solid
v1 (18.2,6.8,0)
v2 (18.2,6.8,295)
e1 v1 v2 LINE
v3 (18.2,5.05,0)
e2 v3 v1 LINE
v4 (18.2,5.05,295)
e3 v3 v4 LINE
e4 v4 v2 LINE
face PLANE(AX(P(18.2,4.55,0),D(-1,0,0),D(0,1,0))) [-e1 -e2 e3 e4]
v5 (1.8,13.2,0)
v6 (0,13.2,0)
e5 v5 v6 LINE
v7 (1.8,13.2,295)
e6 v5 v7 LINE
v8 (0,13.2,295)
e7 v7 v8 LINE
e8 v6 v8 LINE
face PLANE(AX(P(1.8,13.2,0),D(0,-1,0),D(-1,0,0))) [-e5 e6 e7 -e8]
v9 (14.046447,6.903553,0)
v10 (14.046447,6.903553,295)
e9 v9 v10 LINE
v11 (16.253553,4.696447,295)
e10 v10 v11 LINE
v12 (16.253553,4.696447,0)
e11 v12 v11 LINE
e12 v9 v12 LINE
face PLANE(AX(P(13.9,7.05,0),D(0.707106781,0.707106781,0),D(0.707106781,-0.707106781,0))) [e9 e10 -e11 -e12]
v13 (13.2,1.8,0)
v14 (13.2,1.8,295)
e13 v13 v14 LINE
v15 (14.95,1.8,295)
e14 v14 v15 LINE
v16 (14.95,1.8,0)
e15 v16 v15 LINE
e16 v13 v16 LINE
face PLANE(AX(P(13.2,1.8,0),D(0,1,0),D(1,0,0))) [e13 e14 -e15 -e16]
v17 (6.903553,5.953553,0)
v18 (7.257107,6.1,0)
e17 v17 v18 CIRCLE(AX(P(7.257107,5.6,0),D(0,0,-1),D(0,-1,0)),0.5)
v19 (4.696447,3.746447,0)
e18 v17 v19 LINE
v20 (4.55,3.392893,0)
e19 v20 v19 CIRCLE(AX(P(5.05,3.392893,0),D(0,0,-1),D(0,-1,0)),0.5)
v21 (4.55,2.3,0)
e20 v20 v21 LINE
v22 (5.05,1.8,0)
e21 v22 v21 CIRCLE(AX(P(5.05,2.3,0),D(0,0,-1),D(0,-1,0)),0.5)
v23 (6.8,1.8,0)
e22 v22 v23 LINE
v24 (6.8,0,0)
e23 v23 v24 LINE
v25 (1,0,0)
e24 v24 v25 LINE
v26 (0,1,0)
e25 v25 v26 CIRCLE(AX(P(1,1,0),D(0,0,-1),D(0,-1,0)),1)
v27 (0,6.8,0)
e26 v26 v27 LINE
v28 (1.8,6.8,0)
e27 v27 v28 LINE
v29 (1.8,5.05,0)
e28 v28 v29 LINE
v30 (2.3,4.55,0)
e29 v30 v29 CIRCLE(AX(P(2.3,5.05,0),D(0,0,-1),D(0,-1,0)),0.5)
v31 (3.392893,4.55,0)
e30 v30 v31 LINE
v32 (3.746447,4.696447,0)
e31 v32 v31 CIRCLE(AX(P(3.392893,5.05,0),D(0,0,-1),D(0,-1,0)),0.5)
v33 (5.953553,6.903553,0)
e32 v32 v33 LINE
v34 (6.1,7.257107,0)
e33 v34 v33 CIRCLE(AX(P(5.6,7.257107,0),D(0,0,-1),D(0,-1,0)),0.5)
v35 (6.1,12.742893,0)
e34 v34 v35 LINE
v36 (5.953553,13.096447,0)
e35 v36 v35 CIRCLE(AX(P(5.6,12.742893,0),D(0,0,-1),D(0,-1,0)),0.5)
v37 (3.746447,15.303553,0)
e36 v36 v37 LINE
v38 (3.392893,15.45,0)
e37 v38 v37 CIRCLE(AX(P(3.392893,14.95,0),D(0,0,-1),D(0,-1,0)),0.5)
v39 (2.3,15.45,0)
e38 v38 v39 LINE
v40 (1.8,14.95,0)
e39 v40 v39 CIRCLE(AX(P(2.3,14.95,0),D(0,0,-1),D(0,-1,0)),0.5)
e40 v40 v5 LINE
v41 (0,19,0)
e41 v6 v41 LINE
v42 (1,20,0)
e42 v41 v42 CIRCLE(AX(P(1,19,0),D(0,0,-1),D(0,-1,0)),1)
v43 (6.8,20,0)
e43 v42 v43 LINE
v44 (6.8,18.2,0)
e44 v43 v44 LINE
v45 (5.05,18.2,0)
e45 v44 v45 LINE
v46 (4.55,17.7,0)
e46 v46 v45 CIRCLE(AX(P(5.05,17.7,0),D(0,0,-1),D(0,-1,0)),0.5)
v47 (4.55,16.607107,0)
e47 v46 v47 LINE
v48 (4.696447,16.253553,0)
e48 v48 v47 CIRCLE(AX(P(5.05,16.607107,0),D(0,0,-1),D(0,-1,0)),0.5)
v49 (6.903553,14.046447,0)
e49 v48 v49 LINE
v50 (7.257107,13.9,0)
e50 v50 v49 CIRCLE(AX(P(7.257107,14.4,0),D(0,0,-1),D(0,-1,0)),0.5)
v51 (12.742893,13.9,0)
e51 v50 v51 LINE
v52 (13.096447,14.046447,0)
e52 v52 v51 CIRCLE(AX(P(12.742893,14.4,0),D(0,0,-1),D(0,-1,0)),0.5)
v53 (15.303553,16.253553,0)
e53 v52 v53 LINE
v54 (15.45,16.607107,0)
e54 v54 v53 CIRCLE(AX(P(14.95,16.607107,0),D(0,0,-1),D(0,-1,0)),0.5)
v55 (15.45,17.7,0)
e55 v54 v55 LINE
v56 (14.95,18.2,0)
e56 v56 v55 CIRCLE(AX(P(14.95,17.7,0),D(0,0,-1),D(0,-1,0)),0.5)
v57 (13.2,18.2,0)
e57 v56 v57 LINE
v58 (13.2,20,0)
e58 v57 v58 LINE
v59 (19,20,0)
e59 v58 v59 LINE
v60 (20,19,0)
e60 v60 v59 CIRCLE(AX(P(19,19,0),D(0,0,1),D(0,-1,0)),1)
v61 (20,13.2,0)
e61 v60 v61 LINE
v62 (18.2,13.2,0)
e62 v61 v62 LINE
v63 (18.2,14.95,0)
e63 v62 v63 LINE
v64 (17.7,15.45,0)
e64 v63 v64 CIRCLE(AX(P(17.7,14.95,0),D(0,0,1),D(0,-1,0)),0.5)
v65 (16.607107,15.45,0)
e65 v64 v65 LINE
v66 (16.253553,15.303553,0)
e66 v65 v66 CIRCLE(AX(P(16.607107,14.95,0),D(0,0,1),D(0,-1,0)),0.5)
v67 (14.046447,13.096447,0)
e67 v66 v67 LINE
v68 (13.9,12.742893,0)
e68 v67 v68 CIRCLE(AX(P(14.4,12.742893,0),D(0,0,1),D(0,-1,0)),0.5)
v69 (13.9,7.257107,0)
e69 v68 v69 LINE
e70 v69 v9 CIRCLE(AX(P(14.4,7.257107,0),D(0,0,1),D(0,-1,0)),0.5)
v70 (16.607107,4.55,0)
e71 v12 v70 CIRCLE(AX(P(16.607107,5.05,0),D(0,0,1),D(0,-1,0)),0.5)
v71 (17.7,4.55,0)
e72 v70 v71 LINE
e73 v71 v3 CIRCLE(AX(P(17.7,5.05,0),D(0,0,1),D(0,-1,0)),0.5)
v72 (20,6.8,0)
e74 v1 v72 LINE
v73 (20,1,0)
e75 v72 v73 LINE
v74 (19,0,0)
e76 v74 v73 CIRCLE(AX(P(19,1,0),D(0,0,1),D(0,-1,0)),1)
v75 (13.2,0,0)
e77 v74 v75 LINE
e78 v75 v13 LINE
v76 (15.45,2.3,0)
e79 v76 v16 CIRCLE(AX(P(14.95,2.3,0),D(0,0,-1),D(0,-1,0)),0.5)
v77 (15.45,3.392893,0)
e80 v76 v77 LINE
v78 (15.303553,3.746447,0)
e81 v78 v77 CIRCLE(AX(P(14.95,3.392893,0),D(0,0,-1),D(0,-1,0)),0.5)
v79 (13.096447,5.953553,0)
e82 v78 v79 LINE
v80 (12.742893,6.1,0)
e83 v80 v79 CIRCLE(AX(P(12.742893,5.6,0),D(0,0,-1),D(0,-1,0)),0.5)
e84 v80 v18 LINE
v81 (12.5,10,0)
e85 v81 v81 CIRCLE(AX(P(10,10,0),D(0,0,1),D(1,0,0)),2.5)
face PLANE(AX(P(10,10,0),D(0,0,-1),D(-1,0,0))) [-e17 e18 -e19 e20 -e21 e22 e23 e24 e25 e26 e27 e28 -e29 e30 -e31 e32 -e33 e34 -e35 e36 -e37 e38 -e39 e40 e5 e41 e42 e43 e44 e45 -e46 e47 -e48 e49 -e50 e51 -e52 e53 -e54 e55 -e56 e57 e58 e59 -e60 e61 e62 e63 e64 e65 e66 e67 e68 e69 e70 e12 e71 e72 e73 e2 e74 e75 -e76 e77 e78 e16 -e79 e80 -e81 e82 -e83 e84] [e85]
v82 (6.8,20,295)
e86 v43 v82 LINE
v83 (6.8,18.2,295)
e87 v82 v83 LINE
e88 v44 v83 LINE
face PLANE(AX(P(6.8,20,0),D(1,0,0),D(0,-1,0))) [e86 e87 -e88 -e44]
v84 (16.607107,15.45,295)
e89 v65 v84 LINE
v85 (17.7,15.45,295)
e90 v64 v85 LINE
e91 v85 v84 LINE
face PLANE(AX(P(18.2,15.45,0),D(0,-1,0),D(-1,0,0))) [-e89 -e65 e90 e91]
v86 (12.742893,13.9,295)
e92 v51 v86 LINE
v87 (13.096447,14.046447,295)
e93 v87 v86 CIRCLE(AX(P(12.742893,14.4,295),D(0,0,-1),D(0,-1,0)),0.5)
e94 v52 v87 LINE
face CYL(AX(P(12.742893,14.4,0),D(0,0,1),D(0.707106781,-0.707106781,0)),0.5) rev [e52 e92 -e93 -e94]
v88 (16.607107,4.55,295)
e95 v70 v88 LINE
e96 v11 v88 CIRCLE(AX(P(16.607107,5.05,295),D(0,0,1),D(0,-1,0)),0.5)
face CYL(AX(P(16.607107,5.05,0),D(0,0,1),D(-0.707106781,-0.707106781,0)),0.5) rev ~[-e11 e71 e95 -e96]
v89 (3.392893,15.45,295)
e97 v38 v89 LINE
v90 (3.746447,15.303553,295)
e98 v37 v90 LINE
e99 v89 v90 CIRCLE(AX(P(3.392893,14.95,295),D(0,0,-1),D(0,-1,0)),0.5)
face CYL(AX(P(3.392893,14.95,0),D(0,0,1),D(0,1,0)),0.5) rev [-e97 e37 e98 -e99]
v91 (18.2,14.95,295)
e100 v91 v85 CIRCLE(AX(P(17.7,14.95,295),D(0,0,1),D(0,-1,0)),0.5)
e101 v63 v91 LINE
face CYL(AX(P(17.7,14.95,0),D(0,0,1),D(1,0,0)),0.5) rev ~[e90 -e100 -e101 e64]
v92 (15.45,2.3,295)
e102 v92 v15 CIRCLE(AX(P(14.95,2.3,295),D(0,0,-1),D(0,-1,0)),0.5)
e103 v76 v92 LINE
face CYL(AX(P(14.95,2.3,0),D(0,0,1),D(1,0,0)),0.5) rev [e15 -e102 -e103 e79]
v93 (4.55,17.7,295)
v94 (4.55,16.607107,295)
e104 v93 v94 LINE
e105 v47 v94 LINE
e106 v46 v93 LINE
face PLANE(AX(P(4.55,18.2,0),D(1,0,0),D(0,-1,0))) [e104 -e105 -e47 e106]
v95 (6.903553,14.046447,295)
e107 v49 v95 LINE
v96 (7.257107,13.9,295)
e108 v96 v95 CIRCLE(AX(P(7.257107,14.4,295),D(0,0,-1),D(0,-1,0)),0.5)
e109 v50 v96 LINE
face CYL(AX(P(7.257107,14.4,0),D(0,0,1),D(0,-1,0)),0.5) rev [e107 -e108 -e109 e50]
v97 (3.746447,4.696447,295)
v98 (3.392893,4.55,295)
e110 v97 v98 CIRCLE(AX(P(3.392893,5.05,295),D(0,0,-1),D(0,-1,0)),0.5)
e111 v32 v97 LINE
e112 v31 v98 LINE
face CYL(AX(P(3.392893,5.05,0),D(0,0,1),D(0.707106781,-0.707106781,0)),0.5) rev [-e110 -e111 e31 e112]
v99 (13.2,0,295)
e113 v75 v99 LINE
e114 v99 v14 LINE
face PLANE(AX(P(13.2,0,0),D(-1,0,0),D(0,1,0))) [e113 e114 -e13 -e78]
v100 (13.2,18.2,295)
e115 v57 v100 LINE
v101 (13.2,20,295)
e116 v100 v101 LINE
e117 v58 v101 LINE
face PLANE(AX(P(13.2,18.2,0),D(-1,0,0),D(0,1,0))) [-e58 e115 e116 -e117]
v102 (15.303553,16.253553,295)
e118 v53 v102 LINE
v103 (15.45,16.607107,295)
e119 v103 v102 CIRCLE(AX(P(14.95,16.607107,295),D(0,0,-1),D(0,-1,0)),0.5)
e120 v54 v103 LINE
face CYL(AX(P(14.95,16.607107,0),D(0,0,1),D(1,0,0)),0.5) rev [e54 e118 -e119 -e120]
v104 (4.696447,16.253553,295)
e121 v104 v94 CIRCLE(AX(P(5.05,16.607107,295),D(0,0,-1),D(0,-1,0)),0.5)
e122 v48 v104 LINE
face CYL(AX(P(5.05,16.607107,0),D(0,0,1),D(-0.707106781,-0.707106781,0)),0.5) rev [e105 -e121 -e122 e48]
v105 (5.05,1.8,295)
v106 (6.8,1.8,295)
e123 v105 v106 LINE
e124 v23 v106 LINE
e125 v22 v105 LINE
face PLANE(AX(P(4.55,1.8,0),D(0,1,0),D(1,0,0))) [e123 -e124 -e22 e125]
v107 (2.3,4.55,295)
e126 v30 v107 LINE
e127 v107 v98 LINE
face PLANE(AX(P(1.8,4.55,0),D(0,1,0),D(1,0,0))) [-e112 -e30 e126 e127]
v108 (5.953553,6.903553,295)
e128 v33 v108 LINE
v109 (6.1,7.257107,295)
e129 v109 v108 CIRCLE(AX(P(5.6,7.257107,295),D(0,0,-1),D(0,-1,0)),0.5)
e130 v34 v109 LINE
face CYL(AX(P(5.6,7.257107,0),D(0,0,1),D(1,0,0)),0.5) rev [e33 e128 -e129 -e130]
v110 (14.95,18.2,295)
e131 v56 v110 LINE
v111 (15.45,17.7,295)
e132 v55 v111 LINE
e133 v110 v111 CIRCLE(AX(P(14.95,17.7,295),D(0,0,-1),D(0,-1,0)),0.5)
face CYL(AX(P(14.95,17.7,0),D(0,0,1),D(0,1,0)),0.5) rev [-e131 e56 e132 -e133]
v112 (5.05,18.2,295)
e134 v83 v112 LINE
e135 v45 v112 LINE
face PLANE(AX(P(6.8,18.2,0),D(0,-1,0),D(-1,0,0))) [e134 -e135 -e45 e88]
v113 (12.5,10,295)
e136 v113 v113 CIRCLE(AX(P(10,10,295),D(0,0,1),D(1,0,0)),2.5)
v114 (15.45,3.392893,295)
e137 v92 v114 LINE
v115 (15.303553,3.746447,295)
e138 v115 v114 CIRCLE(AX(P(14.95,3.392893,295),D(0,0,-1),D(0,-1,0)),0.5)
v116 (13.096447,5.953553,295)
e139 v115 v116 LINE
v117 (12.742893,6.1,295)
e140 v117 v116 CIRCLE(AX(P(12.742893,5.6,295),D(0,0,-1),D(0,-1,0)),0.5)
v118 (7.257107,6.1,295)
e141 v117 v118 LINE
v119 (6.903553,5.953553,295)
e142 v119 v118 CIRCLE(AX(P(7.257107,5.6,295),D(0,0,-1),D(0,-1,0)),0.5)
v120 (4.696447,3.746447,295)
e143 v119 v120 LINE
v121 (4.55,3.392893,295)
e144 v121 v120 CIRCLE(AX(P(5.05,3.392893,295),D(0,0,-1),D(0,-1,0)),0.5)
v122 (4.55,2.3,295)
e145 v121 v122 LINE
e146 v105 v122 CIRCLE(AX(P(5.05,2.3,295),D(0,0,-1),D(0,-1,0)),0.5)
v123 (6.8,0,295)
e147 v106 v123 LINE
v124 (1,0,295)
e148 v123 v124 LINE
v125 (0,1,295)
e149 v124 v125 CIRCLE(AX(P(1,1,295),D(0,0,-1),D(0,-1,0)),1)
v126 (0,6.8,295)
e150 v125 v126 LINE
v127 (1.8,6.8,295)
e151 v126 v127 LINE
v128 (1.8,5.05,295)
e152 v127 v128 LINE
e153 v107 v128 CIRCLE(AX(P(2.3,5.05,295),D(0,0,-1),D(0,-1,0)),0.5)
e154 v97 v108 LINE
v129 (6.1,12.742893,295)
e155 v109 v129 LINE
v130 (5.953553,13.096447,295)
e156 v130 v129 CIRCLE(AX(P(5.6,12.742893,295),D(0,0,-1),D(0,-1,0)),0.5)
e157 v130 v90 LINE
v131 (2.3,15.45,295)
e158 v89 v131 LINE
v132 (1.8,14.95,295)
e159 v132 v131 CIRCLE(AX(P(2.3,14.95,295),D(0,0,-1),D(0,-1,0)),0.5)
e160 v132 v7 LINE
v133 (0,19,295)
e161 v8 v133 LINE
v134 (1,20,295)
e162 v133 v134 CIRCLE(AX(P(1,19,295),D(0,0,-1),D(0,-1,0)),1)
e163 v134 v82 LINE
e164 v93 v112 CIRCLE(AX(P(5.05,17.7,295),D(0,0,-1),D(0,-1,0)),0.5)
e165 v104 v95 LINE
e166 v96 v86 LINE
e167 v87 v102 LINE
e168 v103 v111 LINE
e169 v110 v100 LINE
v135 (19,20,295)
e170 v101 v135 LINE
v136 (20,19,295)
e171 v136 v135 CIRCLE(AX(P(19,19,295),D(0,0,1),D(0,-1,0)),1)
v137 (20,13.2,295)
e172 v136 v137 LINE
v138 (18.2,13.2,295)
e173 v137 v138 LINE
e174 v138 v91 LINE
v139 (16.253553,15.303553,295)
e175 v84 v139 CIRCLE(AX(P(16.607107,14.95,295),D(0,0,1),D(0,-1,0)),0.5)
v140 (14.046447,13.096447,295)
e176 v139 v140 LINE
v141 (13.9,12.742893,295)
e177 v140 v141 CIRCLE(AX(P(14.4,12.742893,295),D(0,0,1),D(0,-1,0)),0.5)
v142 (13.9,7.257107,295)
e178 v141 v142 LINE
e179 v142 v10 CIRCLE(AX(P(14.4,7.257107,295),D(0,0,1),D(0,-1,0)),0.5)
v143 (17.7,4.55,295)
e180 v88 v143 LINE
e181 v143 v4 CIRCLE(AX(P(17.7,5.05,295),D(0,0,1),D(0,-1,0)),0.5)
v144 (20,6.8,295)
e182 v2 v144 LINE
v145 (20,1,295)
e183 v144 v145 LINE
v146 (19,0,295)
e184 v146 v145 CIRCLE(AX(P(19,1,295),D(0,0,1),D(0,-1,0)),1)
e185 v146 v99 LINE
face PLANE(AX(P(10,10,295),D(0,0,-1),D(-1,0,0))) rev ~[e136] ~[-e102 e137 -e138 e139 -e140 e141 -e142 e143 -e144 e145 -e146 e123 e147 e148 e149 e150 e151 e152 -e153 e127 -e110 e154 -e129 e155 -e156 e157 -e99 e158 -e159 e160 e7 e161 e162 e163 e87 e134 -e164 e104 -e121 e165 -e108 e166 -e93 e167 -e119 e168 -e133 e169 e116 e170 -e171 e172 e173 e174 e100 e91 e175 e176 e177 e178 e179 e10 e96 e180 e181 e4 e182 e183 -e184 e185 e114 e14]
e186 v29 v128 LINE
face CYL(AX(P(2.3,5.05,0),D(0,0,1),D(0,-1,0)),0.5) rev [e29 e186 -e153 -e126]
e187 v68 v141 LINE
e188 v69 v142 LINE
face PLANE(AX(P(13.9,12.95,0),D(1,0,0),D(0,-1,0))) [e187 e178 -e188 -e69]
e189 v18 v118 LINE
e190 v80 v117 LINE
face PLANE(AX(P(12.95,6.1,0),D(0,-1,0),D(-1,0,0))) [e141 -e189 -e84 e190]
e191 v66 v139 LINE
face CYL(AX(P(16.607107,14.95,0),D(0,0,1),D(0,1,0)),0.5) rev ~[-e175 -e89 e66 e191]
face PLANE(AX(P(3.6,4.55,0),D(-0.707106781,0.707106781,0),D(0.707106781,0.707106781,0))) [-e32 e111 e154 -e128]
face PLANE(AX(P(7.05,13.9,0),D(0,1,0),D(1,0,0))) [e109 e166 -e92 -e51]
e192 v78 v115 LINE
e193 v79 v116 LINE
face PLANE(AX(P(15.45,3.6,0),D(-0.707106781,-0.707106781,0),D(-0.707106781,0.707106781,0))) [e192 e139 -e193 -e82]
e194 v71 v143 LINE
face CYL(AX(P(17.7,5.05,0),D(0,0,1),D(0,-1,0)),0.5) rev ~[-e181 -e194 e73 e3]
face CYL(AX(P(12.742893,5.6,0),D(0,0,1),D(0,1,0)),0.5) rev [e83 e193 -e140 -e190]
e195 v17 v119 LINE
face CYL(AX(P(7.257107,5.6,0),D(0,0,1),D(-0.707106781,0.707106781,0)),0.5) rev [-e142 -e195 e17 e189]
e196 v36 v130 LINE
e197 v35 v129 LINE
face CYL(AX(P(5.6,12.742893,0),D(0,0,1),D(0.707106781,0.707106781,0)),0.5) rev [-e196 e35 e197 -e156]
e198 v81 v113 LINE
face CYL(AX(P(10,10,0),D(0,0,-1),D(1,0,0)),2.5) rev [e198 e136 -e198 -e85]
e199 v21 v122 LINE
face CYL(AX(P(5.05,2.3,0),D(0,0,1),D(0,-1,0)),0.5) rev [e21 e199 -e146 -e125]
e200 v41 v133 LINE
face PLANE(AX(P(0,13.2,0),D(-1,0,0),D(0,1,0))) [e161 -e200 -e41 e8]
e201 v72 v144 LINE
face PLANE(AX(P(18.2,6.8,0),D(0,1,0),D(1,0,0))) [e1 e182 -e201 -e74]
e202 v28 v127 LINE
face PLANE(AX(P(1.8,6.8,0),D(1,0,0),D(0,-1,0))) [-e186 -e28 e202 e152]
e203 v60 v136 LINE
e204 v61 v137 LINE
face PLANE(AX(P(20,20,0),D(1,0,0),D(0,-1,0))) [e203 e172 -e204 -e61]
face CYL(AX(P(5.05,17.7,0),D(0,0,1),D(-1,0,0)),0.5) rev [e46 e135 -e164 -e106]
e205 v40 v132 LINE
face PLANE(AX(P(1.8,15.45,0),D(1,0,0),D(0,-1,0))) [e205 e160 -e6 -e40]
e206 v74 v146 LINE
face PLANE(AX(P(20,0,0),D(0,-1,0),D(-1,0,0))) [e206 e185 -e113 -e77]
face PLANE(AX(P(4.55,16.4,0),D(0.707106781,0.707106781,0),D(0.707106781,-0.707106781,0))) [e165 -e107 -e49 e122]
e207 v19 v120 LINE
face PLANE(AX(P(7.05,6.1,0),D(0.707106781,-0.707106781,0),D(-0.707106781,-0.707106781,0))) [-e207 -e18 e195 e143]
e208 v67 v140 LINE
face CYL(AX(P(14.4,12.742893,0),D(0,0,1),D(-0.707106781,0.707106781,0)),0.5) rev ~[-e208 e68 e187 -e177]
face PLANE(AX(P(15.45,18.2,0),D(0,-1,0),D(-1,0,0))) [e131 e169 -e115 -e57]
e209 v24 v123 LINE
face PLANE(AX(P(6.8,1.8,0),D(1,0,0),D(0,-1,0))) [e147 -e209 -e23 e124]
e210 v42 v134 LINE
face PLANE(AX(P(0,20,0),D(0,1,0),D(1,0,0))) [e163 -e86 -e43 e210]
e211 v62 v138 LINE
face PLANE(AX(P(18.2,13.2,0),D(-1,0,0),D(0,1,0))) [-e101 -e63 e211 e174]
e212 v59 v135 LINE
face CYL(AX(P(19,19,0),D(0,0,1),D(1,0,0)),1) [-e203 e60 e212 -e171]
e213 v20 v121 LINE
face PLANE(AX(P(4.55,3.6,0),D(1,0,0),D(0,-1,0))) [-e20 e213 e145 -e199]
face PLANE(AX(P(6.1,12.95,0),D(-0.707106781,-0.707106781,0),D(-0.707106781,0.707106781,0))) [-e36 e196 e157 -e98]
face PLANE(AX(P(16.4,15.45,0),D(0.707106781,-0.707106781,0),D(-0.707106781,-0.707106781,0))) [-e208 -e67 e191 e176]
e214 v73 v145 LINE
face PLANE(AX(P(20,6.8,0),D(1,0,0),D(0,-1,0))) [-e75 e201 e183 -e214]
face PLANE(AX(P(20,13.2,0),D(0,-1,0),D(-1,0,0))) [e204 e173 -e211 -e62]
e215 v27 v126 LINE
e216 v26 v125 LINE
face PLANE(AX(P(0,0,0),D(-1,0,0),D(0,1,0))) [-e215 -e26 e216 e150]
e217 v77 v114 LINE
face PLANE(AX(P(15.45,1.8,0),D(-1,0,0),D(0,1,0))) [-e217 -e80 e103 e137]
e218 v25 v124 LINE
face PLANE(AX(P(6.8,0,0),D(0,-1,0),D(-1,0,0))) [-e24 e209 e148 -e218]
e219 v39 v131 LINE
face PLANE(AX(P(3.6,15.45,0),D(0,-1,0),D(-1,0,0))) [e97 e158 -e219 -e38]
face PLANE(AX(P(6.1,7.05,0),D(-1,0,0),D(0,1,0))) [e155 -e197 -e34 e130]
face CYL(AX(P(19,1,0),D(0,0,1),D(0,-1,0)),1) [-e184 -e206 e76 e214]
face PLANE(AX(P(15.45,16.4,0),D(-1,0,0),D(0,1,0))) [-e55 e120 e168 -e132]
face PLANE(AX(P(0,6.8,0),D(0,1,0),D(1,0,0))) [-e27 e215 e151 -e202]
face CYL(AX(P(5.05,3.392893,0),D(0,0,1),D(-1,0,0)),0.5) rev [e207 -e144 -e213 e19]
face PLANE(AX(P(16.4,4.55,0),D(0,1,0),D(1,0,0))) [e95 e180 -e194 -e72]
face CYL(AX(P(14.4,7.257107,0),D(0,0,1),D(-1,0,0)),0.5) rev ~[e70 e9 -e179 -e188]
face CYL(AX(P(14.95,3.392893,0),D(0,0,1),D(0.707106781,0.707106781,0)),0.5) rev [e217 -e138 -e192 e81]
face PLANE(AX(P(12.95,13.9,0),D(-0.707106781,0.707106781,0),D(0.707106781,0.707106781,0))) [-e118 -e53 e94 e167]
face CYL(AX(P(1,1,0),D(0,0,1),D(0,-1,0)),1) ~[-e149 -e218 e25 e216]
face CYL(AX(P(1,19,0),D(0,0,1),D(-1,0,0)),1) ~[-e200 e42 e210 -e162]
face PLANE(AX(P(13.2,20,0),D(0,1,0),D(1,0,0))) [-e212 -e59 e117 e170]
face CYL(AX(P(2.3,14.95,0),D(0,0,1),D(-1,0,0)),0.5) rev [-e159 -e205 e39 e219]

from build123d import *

# Parameters (mm, degrees)
SKETCH1_R           = 2.5
BOSS_EXTRUDE1_DEPTH = 295
FILLET1_R           = 1
FILLET2_R           = 0.5
FILLET3_R           = 0.5
FILLET4_R           = 0.5
FILLET5_R           = 0.5


with BuildPart() as part:
    # Sketch1 → Boss-Extrude1 (new body)
    with BuildSketch(Plane.XY):
        Polygon((13.2, 0), (13.2, 1.8), (15.45, 1.8), (15.45, 3.6), (12.95, 6.1), (7.05, 6.1), (4.55, 3.6), (4.55, 1.8), (6.8, 1.8), (6.8, 0), (0, 0), (0, 6.8), (1.8, 6.8), (1.8, 4.55), (3.6, 4.55), (6.1, 7.05), (6.1, 12.95), (3.6, 15.45), (1.8, 15.45), (1.8, 13.2), (0, 13.2), (0, 20), (6.8, 20), (6.8, 18.2), (4.55, 18.2), (4.55, 16.4), (7.05, 13.9), (12.95, 13.9), (15.45, 16.4), (15.45, 18.2), (13.2, 18.2), (13.2, 20), (20, 20), (20, 13.2), (18.2, 13.2), (18.2, 15.45), (16.4, 15.45), (13.9, 12.95), (13.9, 7.05), (16.4, 4.55), (18.2, 4.55), (18.2, 6.8), (20, 6.8), (20, 0), align=None)
        with Locations((10, 10)):
            Circle(SKETCH1_R, mode=Mode.SUBTRACT)
    extrude(amount=BOSS_EXTRUDE1_DEPTH)

    # Fillet1
    fillet1_edges = [part.edges().sort_by_distance(p)[0] for p in [
        (0, 0, 147.5),
        (0, 20, 147.5),
        (20, 20, 147.5),
        (20, 0, 147.5),
    ]]
    fillet(fillet1_edges, radius=FILLET1_R)

    # Fillet2
    fillet2_edges = [part.edges().sort_by_distance(p)[0] for p in [
        (4.55, 18.2, 147.5),
        (4.55, 16.4, 147.5),
        (7.05, 13.9, 147.5),
        (12.95, 13.9, 147.5),
        (15.45, 16.4, 147.5),
        (15.45, 18.2, 147.5),
    ]]
    fillet(fillet2_edges, radius=FILLET2_R)

    # Fillet3
    fillet3_edges = [part.edges().sort_by_distance(p)[0] for p in [
        (18.2, 15.45, 147.5),
        (16.4, 15.45, 147.5),
        (13.9, 12.95, 147.5),
        (13.9, 7.05, 147.5),
        (16.4, 4.55, 147.5),
        (18.2, 4.55, 147.5),
    ]]
    fillet(fillet3_edges, radius=FILLET3_R)

    # Fillet4
    fillet4_edges = [part.edges().sort_by_distance(p)[0] for p in [
        (1.8, 4.55, 147.5),
        (3.6, 4.55, 147.5),
        (6.1, 7.05, 147.5),
        (6.1, 12.95, 147.5),
        (3.6, 15.45, 147.5),
        (1.8, 15.45, 147.5),
    ]]
    fillet(fillet4_edges, radius=FILLET4_R)

    # Fillet5
    fillet5_edges = [part.edges().sort_by_distance(p)[0] for p in [
        (15.45, 1.8, 147.5),
        (15.45, 3.6, 147.5),
        (12.95, 6.1, 147.5),
        (7.05, 6.1, 147.5),
        (4.55, 3.6, 147.5),
        (4.55, 1.8, 147.5),
    ]]
    fillet(fillet5_edges, radius=FILLET5_R)


solid = part.part
